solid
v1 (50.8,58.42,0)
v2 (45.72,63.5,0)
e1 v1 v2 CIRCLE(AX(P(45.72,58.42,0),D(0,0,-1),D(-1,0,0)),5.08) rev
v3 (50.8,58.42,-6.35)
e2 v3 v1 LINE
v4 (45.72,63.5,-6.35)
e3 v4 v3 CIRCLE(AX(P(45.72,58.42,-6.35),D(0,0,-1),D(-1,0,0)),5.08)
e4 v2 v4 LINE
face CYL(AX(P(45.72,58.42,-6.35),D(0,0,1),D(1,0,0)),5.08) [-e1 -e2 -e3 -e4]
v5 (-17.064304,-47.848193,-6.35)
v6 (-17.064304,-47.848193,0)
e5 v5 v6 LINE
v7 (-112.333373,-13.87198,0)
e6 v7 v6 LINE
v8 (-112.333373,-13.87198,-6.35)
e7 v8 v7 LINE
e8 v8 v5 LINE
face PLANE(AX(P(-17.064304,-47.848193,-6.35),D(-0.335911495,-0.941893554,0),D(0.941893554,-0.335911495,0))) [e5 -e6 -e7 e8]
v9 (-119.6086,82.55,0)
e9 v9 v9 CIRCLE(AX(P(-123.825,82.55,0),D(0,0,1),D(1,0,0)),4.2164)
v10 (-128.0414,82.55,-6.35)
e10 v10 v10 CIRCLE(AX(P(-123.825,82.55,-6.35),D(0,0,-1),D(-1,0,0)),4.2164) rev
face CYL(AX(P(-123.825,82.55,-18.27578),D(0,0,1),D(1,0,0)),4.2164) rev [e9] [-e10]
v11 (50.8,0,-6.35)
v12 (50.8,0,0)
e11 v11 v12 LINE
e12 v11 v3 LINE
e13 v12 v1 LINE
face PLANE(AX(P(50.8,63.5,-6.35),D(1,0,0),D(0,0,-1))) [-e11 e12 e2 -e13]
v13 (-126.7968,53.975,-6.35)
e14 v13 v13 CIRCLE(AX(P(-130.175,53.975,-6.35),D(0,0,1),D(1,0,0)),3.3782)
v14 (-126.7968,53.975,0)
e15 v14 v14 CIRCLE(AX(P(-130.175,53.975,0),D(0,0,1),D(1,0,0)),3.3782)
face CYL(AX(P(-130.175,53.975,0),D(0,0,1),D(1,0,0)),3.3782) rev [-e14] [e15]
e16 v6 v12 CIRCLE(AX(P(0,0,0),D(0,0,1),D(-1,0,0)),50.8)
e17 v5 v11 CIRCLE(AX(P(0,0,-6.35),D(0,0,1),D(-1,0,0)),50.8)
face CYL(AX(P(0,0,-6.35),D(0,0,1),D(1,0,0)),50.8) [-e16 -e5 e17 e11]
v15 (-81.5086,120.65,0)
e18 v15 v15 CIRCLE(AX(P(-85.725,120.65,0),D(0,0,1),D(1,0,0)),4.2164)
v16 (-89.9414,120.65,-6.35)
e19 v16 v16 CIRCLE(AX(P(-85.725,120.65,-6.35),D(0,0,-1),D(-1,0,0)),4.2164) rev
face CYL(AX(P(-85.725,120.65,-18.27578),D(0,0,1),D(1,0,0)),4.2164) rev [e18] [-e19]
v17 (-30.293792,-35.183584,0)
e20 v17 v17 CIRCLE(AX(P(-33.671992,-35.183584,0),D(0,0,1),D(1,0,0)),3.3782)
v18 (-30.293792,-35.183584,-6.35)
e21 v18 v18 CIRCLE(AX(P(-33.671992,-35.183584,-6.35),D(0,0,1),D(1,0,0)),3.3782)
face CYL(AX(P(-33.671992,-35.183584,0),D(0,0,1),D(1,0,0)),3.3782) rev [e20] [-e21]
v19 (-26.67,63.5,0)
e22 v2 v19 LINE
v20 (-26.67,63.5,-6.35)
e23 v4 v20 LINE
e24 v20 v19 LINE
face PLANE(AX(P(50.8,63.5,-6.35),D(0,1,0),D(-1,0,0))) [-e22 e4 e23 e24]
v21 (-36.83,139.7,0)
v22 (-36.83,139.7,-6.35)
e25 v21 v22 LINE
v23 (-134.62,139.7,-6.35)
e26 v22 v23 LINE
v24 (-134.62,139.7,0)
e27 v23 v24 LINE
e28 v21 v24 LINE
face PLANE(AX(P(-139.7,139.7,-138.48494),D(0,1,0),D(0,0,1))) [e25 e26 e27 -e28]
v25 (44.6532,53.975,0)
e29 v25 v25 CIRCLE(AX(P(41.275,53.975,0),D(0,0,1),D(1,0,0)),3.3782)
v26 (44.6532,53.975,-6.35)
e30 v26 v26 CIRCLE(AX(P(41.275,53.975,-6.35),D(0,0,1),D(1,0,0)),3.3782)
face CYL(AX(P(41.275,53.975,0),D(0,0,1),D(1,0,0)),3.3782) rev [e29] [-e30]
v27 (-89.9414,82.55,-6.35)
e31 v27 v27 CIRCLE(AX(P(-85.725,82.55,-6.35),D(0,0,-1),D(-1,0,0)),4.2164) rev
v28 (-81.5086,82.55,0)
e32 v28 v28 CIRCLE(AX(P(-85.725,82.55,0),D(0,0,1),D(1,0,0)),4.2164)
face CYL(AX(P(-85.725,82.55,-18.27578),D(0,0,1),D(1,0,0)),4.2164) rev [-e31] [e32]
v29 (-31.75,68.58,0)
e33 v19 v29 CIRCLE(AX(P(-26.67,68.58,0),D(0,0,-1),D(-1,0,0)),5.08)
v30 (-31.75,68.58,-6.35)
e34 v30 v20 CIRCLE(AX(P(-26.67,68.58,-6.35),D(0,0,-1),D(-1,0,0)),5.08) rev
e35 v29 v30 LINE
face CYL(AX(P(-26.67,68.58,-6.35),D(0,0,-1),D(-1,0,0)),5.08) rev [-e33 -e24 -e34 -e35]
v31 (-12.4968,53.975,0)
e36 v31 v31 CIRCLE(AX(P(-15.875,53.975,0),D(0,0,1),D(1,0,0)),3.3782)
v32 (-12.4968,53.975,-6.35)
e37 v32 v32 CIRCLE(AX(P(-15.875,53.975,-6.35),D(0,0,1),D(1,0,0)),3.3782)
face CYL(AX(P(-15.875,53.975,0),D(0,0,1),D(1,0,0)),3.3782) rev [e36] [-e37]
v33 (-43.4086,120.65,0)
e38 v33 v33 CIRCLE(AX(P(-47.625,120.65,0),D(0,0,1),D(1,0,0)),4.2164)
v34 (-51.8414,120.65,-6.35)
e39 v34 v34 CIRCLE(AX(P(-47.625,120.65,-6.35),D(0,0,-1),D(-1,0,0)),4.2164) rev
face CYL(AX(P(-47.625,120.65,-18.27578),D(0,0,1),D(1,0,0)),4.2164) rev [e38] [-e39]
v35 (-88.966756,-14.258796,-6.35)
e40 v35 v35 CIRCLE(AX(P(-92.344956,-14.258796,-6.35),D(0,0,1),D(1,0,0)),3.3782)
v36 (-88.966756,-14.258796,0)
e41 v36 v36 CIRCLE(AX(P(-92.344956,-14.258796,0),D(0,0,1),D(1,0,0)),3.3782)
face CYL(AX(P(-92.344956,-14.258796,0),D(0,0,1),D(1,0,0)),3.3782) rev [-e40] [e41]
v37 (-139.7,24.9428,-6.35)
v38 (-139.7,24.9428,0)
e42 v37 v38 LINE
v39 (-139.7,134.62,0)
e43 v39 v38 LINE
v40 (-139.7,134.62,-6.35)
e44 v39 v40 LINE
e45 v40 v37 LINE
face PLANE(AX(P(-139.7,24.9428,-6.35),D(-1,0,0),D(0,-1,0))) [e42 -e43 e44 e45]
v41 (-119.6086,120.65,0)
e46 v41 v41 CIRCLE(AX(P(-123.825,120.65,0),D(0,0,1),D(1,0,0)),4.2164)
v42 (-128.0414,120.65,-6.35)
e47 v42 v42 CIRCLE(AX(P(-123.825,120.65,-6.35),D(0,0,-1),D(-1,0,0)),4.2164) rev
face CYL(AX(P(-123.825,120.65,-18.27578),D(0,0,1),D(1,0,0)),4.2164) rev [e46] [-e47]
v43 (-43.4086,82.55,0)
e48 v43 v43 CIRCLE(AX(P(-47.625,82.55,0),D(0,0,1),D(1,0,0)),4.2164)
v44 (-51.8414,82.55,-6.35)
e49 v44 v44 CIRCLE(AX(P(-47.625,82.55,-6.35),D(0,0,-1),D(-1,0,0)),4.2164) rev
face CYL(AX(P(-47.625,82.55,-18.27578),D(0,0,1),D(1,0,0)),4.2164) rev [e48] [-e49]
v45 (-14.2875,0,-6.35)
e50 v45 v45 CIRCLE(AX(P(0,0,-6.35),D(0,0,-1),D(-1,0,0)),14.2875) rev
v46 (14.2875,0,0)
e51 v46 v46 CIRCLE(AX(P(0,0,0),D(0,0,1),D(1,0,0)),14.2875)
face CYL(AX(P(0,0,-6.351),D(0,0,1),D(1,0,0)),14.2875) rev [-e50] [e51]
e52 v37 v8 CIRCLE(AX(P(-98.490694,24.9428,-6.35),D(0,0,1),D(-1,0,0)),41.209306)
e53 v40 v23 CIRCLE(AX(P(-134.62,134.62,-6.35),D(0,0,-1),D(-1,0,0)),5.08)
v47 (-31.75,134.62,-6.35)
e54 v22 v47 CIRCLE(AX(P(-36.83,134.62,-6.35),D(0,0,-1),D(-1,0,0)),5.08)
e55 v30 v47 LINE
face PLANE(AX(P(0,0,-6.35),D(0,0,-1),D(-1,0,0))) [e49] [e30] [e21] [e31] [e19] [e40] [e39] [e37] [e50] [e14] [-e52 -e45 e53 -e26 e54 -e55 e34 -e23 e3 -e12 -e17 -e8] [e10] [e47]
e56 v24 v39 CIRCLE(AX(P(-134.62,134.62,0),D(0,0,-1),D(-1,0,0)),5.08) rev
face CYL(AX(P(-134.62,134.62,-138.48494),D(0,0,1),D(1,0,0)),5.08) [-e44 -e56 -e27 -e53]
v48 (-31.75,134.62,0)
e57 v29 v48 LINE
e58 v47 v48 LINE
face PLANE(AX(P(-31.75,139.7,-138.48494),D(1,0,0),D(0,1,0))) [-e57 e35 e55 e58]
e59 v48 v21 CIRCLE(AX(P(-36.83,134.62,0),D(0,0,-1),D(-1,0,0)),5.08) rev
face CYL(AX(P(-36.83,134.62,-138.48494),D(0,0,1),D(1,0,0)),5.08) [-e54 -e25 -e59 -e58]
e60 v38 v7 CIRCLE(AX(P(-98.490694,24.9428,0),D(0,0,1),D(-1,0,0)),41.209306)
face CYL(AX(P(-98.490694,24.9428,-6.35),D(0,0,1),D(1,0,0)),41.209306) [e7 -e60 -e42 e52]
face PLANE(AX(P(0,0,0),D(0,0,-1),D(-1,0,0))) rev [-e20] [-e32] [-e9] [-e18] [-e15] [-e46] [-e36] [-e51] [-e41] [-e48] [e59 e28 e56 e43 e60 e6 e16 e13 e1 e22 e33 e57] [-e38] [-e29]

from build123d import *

# Parameters (mm, degrees)
BOSS_EXTRUDE1_DEPTH     = 6.35
SKETCH3_W               = 107.95
SKETCH3_H               = 76.2
BOSS_EXTRUDE2_DEPTH     = 6.35
FILLET1_R               = 5.08
CUT_EXTRUDE1_REACH      = 199.668
SKETCH4_R               = 14.2875
F_1_4_CLEARANCE_HOLE1_D = 6.7564
SKETCH12_R              = 4.2164
CUT_EXTRUDE2_DEPTH      = 6.35


with BuildPart() as part:
    # Sketch2 → Boss-Extrude1 (new body)
    with BuildSketch(Plane.XY):
        with BuildLine():
            Line((50.8, 63.5), (-139.7, 63.5))
            Line((-139.7, 63.5), (-139.7, 24.9428))
            ThreePointArc((-139.7, 24.9428), (-132.170466199, 1.196645543), (-112.333373337, -13.871980059))
            Line((-112.333373337, -13.871980059), (-17.064303956, -47.848192552))
            ThreePointArc((-17.064303956, -47.848192552), (29.272626795, -41.518108344), (50.8, 0))
            Line((50.8, 0), (50.8, 63.5))
        make_face()
    extrude(amount=-BOSS_EXTRUDE1_DEPTH)

    # Sketch3 → Boss-Extrude2 (add)
    with BuildSketch(Plane.XY):
        with Locations((-85.725, 101.6)):
            Rectangle(SKETCH3_W, SKETCH3_H)
    extrude(amount=-BOSS_EXTRUDE2_DEPTH)

    # Fillet1
    fillet1_edges = [part.edges().sort_by_distance(p)[0] for p in [
        (50.8, 63.5, -3.175),
        (-31.75, 139.7, -3.175),
        (-139.7, 139.7, -3.175),
        (-31.75, 63.5, -3.175),
    ]]
    fillet(fillet1_edges, radius=FILLET1_R)

    # Sketch4 → Cut-Extrude1 (cut, up to next)
    with BuildSketch(Plane.XY, mode=Mode.PRIVATE) as cut_extrude1_sk1:
        Circle(SKETCH4_R)
    cut_extrude1_tool1 = extrude(cut_extrude1_sk1.sketch, amount=-CUT_EXTRUDE1_REACH, mode=Mode.PRIVATE) & part.part
    add(cut_extrude1_tool1.solids().sort_by_distance((0, 0, 0))[0], mode=Mode.SUBTRACT)

    # 1/4 Clearance Hole1 (through all)
    with Locations(Plane.XY):
        with Locations((-33.671992271, -35.183583732), (-92.344956452, -14.258795534), (-130.175, 53.975), (-15.875, 53.975), (41.275, 53.975)):
            Hole(F_1_4_CLEARANCE_HOLE1_D / 2)

    # Sketch12 → Cut-Extrude2 (cut)
    with BuildSketch(Plane.XY):
        with Locations((-123.825, 120.65)):
            Circle(SKETCH12_R)
        with Locations((-123.825, 82.55)):
            Circle(SKETCH12_R)
        with Locations((-85.725, 120.65)):
            Circle(SKETCH12_R)
        with Locations((-85.725, 82.55)):
            Circle(SKETCH12_R)
        with Locations((-47.625, 82.55)):
            Circle(SKETCH12_R)
        with Locations((-47.625, 120.65)):
            Circle(SKETCH12_R)
    extrude(amount=-CUT_EXTRUDE2_DEPTH, mode=Mode.SUBTRACT)


solid = part.part
